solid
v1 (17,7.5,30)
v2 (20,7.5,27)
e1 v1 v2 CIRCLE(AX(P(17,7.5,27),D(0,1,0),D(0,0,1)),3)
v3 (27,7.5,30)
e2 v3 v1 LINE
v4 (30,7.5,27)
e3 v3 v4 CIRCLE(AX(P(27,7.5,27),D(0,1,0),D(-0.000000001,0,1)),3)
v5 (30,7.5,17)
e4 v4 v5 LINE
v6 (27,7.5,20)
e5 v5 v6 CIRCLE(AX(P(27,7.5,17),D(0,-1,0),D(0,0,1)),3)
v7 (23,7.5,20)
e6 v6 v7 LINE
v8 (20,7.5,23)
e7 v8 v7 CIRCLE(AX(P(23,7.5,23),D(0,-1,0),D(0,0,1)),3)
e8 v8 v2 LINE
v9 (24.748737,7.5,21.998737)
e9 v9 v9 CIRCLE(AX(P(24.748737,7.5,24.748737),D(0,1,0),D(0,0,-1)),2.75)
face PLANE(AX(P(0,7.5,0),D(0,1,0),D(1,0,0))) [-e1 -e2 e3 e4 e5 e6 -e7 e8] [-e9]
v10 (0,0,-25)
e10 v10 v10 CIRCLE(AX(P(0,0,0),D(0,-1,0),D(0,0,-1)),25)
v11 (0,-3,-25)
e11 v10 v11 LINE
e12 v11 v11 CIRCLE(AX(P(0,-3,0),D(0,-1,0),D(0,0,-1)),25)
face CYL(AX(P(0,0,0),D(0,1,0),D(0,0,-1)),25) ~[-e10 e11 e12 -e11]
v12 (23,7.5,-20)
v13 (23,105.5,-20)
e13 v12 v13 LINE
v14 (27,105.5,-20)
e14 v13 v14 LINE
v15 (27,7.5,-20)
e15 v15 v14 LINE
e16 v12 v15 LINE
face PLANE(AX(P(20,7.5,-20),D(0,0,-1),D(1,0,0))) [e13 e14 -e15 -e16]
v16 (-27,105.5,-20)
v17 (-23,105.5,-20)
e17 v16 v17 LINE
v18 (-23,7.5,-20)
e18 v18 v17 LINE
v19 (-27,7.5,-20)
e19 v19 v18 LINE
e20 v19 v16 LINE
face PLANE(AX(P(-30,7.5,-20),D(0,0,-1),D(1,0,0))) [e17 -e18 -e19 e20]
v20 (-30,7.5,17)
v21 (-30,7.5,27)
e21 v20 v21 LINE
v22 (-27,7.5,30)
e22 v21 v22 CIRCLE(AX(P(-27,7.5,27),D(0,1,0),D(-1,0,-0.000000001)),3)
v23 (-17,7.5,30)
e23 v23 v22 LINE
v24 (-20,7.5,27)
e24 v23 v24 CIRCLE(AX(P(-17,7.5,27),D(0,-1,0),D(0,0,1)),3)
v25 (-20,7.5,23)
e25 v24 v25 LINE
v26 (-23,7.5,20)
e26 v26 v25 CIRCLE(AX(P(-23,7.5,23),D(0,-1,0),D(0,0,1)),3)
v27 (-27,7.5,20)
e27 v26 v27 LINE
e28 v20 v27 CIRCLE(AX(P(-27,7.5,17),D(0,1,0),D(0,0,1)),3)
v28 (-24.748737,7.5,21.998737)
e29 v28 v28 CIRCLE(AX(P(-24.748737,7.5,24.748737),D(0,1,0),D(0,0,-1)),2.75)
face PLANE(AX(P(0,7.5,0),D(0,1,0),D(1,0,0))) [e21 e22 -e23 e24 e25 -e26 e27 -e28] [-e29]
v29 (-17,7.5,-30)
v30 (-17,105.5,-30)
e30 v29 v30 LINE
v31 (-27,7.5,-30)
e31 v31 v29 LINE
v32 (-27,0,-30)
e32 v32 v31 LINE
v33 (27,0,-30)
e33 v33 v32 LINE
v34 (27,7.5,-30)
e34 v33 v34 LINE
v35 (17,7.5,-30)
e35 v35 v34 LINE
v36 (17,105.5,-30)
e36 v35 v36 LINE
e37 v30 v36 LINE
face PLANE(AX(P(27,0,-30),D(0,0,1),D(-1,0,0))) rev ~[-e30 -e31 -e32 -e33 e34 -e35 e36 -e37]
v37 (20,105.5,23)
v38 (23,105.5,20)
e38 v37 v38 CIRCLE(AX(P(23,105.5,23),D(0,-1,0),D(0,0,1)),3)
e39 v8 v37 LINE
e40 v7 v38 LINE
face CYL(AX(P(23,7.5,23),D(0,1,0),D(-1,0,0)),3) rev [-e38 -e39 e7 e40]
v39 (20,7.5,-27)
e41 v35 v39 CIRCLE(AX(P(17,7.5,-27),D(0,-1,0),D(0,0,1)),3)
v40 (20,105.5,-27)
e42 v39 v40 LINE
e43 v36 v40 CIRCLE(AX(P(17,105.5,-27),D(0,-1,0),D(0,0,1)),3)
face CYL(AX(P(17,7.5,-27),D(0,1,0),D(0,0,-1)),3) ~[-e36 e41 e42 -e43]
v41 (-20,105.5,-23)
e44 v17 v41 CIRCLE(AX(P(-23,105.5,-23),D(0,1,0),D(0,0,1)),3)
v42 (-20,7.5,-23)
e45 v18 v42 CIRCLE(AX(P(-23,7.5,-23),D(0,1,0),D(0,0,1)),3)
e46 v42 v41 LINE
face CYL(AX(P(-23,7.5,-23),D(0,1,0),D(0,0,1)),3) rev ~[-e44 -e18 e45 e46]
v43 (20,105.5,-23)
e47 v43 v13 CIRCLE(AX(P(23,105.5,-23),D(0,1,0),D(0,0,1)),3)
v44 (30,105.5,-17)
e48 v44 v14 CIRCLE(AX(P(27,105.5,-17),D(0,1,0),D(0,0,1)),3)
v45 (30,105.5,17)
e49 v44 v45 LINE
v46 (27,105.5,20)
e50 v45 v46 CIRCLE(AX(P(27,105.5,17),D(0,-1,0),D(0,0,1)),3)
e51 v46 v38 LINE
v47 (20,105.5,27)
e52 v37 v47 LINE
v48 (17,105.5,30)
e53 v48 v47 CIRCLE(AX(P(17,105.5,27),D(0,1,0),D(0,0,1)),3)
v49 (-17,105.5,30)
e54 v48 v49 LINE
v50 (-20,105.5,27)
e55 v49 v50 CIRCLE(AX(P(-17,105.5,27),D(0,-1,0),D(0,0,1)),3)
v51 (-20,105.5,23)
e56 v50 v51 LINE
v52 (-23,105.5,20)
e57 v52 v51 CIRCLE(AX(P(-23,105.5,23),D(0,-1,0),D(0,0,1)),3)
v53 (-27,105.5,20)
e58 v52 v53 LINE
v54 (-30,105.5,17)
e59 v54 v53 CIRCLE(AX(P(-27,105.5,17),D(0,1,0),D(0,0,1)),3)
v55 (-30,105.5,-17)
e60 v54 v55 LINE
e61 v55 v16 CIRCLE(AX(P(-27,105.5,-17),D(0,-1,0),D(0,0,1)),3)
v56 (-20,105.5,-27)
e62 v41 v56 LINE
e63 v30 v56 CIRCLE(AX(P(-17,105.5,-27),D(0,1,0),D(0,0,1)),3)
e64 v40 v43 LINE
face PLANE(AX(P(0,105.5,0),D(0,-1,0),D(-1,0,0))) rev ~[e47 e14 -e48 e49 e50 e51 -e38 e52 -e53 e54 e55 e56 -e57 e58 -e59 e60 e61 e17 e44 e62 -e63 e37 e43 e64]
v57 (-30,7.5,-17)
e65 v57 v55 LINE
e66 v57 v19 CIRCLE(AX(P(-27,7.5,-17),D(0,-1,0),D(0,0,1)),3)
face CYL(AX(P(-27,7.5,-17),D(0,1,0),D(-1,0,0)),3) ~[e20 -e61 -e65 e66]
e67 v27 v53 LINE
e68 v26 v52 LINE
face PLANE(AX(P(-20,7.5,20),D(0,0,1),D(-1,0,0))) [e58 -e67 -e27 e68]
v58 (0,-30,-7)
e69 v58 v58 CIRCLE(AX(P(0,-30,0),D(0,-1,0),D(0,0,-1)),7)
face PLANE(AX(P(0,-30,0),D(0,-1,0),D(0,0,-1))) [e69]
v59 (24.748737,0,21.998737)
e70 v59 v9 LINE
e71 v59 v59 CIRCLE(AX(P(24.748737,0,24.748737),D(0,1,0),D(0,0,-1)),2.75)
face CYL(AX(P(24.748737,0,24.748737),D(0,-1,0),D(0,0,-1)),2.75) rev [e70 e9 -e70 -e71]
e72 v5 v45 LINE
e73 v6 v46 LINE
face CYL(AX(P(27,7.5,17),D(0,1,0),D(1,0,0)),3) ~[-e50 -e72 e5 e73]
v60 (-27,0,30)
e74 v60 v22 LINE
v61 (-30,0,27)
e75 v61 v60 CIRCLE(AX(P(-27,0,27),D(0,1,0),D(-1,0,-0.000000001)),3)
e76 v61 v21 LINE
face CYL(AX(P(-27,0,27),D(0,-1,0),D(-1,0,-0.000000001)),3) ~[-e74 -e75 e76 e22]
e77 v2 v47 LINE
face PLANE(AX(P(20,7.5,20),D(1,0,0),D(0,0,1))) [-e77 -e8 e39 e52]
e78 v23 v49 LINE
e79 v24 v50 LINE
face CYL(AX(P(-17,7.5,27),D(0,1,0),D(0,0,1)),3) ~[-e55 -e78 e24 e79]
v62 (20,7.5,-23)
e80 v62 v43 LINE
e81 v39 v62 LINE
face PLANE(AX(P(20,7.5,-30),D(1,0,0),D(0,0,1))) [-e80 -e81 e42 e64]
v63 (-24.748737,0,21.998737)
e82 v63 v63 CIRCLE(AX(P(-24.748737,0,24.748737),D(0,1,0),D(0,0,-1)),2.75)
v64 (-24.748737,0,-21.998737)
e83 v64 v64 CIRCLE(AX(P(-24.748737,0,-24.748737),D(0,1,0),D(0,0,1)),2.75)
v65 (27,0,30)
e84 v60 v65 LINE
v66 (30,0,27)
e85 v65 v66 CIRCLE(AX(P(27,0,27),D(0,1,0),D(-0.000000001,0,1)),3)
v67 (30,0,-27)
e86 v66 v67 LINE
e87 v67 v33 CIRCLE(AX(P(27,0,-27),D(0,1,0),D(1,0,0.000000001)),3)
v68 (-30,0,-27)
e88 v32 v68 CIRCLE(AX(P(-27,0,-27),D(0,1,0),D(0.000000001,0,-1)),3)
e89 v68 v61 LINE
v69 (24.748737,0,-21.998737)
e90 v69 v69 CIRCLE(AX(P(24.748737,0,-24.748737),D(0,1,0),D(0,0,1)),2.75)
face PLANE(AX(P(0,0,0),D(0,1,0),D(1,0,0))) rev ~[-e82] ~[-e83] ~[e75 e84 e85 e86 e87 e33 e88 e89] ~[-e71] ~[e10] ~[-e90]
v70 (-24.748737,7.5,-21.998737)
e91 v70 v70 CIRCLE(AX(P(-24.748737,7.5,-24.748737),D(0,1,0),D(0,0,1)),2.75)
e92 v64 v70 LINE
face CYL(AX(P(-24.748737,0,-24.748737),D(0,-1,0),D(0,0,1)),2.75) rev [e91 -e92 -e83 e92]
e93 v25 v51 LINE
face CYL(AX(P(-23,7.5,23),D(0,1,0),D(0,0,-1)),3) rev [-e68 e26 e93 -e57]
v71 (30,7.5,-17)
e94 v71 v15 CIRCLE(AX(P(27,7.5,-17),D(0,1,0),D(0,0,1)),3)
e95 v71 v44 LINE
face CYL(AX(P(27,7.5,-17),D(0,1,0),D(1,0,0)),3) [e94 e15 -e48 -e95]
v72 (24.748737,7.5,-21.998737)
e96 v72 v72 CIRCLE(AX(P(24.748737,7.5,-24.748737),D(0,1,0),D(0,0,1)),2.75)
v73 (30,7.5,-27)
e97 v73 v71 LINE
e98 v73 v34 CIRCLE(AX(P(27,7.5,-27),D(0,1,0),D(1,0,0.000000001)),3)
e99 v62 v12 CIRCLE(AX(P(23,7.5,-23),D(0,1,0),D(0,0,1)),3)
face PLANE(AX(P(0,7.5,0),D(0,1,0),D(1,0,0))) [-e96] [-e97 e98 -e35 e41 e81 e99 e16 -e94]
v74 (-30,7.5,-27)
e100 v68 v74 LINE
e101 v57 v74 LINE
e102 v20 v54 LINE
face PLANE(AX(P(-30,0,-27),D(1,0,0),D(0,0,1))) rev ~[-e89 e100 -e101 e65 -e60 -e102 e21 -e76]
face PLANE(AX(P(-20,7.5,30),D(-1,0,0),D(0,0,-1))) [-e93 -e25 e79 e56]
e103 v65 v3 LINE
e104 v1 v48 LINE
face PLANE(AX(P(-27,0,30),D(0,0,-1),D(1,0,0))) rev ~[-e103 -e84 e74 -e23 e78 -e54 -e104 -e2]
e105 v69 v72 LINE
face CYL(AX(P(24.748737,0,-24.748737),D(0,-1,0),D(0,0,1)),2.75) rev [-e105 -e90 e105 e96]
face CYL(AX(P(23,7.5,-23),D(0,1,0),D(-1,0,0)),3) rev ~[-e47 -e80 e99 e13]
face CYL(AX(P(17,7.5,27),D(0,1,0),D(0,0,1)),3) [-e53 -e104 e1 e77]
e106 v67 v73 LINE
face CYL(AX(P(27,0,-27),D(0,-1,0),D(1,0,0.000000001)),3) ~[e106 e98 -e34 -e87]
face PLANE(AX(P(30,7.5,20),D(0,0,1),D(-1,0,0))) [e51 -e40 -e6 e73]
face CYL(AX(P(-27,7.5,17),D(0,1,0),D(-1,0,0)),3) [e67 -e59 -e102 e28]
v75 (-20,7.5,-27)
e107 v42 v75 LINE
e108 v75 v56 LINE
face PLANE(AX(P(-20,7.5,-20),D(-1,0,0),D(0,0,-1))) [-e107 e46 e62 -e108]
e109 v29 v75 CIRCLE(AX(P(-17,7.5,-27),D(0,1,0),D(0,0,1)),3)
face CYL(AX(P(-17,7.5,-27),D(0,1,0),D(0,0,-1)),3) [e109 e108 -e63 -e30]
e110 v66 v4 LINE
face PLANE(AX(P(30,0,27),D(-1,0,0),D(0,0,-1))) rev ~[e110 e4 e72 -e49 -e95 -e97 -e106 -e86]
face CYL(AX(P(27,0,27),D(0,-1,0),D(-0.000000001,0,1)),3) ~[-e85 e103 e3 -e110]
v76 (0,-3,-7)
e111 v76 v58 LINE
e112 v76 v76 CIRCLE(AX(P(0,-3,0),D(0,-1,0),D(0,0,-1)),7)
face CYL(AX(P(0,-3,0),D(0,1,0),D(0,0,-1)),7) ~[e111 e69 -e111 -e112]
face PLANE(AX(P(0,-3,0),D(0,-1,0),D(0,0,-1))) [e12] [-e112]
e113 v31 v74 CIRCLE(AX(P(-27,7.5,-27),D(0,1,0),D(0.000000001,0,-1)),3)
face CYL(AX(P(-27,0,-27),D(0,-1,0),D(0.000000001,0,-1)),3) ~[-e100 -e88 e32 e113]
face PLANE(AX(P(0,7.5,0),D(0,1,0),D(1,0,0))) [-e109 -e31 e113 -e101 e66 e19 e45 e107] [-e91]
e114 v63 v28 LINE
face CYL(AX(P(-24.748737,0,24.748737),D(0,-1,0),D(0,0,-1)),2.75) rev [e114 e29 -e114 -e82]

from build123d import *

# Parameters (mm, degrees)
SKETCH1_R           = 2.75
BOSS_EXTRUDE1_DEPTH = 7.5
BOSS_EXTRUDE2_DEPTH = 98
FILLET1_R           = 3
SKETCH4_R           = 25
BOSS_EXTRUDE4_DEPTH = 3
SKETCH5_R           = 7
BOSS_EXTRUDE5_DEPTH = 27


with BuildPart() as part:
    # Sketch1 → Boss-Extrude1 (new body)
    with BuildSketch(Plane(origin=(0, 0, 0), x_dir=(1, 0, 0), z_dir=(0, 1, 0))):
        with BuildLine():
            Line((-27, -30), (27, -30))
            ThreePointArc((27, -30), (29.121320344, -29.121320344), (30, -27))
            Line((30, -27), (30, 27))
            ThreePointArc((30, 27), (29.121320344, 29.121320344), (27, 30))
            Line((27, 30), (-27, 30))
            ThreePointArc((-27, 30), (-29.121320344, 29.121320344), (-30, 27))
            Line((-30, 27), (-30, -27))
            ThreePointArc((-30, -27), (-29.121320344, -29.121320344), (-27, -30))
        make_face()
        with Locations(Location((-24.748737342, 24.748737342, 0), (0, 0, 270))):
            Circle(SKETCH1_R, mode=Mode.SUBTRACT)
        with Locations(Location((24.748737342, 24.748737342, 0), (0, 0, 270))):
            Circle(SKETCH1_R, mode=Mode.SUBTRACT)
        with Locations(Location((-24.748737342, -24.748737342, 0), (0, 0, 90))):
            Circle(SKETCH1_R, mode=Mode.SUBTRACT)
        with Locations(Location((24.748737342, -24.748737342, 0), (0, 0, 90))):
            Circle(SKETCH1_R, mode=Mode.SUBTRACT)
    extrude(amount=BOSS_EXTRUDE1_DEPTH)

    # Sketch2 → Boss-Extrude2 (add)
    with BuildSketch(Plane(origin=(0, 7.5, 0), x_dir=(1, 0, 0), z_dir=(0, 1, 0))):
        Polygon((-20, 30), (20, 30), (20, 20), (30, 20), (30, -20), (20, -20), (20, -30), (-20, -30), (-20, -20), (-30, -20), (-30, 20), (-20, 20), align=None)
    extrude(amount=BOSS_EXTRUDE2_DEPTH)

    # Fillet1
    fillet1_edges = [part.edges().sort_by_distance(p)[0] for p in [
        (-20, 56.5, -30),
        (-20, 56.5, -20),
        (-30, 56.5, -20),
        (-30, 56.5, 20),
        (-20, 56.5, 20),
        (-20, 56.5, 30),
        (20, 56.5, 30),
        (20, 56.5, 20),
        (30, 56.5, 20),
        (30, 56.5, -20),
        (20, 56.5, -20),
        (20, 56.5, -30),
    ]]
    fillet(fillet1_edges, radius=FILLET1_R)

    # Sketch4 → Boss-Extrude4 (add)
    with BuildSketch(Plane.XZ):
        with Locations(Location((0, 0, 0), (0, 0, 270))):
            Circle(SKETCH4_R)
    extrude(amount=BOSS_EXTRUDE4_DEPTH)

    # Sketch5 → Boss-Extrude5 (add)
    with BuildSketch(Plane.XZ.offset(3)):
        with Locations(Location((0, 0, 0), (0, 0, 270))):
            Circle(SKETCH5_R)
    extrude(amount=BOSS_EXTRUDE5_DEPTH)


solid = part.part
